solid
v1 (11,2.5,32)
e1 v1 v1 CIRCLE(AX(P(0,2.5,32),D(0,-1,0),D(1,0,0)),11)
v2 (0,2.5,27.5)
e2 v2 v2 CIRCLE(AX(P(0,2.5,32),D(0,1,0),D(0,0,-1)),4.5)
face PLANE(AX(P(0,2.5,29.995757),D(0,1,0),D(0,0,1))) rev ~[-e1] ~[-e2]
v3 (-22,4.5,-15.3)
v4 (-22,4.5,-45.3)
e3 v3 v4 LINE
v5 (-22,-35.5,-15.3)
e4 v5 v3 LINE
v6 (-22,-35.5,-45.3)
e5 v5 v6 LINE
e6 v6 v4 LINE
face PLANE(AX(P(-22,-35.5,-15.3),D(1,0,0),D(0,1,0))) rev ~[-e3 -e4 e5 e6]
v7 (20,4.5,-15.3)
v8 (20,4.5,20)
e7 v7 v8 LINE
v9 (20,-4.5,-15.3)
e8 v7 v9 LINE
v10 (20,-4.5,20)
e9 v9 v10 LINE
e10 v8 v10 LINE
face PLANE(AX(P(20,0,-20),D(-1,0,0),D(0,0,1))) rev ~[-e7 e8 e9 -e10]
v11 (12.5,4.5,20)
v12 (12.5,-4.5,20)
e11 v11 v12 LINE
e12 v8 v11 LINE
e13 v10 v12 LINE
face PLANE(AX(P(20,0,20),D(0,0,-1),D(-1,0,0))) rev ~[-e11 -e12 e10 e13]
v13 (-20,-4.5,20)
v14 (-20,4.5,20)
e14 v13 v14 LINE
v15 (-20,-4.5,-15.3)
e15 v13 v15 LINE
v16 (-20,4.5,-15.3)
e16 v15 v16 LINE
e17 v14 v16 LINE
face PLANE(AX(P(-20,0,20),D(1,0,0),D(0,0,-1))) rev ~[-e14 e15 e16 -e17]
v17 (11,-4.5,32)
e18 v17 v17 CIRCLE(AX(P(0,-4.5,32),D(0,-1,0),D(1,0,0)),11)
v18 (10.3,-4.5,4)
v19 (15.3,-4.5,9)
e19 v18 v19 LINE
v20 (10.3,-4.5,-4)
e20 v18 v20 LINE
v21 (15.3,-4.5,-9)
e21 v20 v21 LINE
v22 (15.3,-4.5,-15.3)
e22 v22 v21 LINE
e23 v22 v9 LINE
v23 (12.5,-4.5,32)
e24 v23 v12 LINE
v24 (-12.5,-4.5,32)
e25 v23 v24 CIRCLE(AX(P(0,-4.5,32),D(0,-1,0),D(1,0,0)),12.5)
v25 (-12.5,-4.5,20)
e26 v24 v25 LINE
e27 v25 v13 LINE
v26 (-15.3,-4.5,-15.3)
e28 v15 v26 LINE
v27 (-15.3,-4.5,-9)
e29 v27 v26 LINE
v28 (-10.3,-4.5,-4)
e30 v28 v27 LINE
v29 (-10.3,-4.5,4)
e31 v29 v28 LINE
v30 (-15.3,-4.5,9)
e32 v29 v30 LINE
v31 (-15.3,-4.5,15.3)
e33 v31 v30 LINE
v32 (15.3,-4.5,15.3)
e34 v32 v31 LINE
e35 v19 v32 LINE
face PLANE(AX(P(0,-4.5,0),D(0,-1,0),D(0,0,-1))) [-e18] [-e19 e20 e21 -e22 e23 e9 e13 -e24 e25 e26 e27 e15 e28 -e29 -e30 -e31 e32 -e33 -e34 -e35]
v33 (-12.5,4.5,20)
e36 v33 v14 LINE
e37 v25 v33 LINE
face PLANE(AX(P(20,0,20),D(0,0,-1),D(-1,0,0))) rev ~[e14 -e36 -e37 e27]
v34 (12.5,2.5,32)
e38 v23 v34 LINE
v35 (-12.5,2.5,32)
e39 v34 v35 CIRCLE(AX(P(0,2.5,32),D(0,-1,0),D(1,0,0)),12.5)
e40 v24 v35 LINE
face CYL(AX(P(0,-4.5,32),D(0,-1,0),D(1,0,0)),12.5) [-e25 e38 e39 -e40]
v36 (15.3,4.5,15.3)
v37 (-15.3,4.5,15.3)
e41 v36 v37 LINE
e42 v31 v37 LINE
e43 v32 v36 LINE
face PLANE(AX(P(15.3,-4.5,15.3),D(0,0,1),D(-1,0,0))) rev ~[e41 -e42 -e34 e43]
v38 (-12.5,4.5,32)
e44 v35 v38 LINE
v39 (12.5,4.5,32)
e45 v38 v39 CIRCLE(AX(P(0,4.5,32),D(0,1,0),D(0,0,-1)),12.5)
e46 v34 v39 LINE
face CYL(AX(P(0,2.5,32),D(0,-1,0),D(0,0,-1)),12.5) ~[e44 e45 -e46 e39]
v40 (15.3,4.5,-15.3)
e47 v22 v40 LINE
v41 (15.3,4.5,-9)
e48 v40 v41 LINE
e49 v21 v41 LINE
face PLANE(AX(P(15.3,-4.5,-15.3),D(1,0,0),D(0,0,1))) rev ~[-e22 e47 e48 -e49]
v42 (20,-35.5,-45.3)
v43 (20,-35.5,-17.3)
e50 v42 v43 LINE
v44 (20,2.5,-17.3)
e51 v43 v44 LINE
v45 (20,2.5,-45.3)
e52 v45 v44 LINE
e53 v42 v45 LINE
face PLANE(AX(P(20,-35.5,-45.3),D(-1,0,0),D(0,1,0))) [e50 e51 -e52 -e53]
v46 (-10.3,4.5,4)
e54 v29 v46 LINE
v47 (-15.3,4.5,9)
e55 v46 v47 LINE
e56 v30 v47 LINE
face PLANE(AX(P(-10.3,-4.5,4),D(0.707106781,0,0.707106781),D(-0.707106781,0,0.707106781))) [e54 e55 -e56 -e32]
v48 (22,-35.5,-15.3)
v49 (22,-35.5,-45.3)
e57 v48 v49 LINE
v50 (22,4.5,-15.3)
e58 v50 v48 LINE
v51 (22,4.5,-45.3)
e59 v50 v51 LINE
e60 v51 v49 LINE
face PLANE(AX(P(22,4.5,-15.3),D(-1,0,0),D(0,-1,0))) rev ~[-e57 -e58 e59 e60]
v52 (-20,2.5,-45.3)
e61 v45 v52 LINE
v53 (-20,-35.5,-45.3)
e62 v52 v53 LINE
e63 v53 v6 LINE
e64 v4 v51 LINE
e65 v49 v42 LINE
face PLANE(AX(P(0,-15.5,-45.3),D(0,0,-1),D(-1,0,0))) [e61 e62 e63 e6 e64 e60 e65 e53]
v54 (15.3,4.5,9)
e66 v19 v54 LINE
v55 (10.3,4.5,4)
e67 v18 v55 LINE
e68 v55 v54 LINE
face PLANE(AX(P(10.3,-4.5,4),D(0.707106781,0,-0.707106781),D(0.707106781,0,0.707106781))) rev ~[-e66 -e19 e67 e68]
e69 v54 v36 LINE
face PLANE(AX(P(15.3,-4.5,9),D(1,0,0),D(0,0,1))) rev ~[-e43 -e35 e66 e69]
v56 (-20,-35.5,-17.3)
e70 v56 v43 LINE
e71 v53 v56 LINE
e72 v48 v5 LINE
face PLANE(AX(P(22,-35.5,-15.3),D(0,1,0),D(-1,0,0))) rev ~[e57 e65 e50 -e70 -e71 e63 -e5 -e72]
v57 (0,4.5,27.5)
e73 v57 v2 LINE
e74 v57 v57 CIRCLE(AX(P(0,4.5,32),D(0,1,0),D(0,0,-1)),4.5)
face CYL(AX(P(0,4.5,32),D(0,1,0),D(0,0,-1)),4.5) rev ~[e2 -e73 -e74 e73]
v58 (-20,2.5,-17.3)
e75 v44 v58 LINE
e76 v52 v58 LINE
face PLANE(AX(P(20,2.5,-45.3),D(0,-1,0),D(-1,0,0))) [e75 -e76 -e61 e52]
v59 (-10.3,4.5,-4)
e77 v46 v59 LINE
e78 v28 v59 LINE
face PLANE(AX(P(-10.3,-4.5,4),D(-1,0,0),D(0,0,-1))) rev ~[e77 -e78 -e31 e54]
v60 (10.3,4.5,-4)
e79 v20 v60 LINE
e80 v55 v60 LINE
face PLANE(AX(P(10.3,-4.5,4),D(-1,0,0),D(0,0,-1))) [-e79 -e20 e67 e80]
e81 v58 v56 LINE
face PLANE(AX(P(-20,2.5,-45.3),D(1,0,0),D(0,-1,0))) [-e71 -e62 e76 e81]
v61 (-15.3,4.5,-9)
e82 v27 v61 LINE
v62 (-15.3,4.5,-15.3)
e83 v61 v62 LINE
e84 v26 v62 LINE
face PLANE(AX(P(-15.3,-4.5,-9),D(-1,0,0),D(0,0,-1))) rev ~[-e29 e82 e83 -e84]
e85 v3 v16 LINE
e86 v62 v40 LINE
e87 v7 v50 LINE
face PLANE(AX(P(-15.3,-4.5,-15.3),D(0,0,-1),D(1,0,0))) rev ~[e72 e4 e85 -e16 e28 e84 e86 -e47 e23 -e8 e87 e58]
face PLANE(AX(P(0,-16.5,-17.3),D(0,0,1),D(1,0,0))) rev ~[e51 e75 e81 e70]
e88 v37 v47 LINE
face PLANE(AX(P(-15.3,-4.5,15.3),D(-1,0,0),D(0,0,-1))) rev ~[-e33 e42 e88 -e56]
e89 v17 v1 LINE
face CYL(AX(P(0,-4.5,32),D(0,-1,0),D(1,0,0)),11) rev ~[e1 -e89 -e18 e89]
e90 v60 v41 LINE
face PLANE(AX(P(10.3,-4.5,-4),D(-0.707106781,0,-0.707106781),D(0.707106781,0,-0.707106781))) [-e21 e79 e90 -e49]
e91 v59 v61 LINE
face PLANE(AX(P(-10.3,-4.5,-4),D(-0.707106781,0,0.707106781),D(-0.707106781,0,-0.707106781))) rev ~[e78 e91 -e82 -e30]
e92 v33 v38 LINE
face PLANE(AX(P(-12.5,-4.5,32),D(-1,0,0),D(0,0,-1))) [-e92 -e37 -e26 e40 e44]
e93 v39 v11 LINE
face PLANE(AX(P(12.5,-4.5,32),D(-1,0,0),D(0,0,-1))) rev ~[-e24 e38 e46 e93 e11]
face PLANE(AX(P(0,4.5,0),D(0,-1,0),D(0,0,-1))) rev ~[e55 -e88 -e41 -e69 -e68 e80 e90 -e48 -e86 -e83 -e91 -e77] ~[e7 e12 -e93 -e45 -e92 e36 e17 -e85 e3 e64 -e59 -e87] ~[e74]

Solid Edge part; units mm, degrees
sketch "Sketch1" plane through (0, 0, 0) normal (0, -1, 0) x (1, 0, 0)
  line L0 (-20, -20) -> (20, -20)
  line L1 (20, -20) -> (20, 20)
  line L2 (20, 20) -> (-20, 20)
  line L3 (-20, 20) -> (-20, -20)
extrude "Protrusion1" add sketch "Sketch1" along normal mid plane 9
sketch "Sketch2" plane through (0, -4.5, 0) normal (0, -1, 0) x (1, 0, 0)
  line L0 (-15.3, -15.3) -> (15.3, -15.3)
  line L1 (15.3, -15.3) -> (15.3, -9)
  line L2 (10.3, -4) -> (15.3, -9)
  line L3 (10.3, 4) -> (10.3, -4)
  line L4 (10.3, 4) -> (15.3, 9)
  line L5 (15.3, 9) -> (15.3, 15.3)
  line L6 (15.3, 15.3) -> (-15.3, 15.3)
  line L7 (-15.3, 15.3) -> (-15.3, 9)
  line L8 (-10.3, 4) -> (-15.3, 9)
  line L9 (-10.3, 4) -> (-10.3, -4)
  line L10 (-10.3, -4) -> (-15.3, -9)
  line L11 (-15.3, -9) -> (-15.3, -15.3)
extrude "ExtrudedCutout_1" cut sketch "Sketch2" against normal blind 161.5
sketch "Sketch3" plane through (0, -4.5, 2.35) normal (0, -1, 0) x (1, 0, 0)
  line L0 (-12.5, 29.65) -> (-12.5, 17.65)
  line L1 (-12.5, 17.65) -> (12.5, 17.65)
  line L2 (12.5, 29.65) -> (12.5, 17.65)
  arc A0 (12.5, 29.65) -> (-12.5, 29.65) centre (0, 29.65) ccw
extrude "Protrusion2" add sketch "Sketch3" against normal blind 7
sketch "Sketch4" plane through (0, -4.5, 14.6) normal (0, -1, 0) x (1, 0, 0)
  circle A0 centre (0, 17.4) radius 11
extrude "ExtrudedCutout_2" cut sketch "Sketch4" against normal blind 39
sketch "Sketch5" plane through (0, 2.5, 32.25) normal (0, 1, 0) x (0, 0, -1)
  line L0 (0.25, -12.5) -> (12.25, -12.5)
  line L1 (12.25, -12.5) -> (12.25, 12.5)
  line L2 (12.25, 12.5) -> (0.25, 12.5)
  arc A0 (0.25, 12.5) -> (0.25, -12.5) centre (0.25, 0) ccw
extrude "ExtrudedProtrusion_4" add sketch "Sketch5" along normal blind 2
sketch "Sketch6" plane through (0, 4.5, 14.6) normal (0, 1, 0) x (0, 0, -1)
  circle A0 centre (-17.4, 0) radius 4.5
extrude "ExtrudedCutout_3" cut sketch "Sketch6" against normal blind 37
sketch "Sketch7" plane through (0, 0, -15.3) normal (0, 0, 1) x (0, 1, 0)
  line L0 (4.5, 22) -> (4.5, -22)
  line L1 (4.5, -22) -> (-35.5, -22)
  line L2 (-35.5, -22) -> (-35.5, 22)
  line L3 (-35.5, 22) -> (4.5, 22)
  dimension "D1" = 2
extrude "Protrusion3" add sketch "Sketch7" against normal blind 30
sketch "Sketch8" plane through (0, -15.5, -45.3) normal (0, 0, -1) x (1, 0, 0)
  line L0 (-20, 20) -> (20, 20)
  line L1 (20, 20) -> (20, -18)
  line L2 (20, -18) -> (-20, -18)
  line L3 (-20, -18) -> (-20, 20)
extrude "ExtrudedCutout_4" cut sketch "Sketch8" against normal blind 28
